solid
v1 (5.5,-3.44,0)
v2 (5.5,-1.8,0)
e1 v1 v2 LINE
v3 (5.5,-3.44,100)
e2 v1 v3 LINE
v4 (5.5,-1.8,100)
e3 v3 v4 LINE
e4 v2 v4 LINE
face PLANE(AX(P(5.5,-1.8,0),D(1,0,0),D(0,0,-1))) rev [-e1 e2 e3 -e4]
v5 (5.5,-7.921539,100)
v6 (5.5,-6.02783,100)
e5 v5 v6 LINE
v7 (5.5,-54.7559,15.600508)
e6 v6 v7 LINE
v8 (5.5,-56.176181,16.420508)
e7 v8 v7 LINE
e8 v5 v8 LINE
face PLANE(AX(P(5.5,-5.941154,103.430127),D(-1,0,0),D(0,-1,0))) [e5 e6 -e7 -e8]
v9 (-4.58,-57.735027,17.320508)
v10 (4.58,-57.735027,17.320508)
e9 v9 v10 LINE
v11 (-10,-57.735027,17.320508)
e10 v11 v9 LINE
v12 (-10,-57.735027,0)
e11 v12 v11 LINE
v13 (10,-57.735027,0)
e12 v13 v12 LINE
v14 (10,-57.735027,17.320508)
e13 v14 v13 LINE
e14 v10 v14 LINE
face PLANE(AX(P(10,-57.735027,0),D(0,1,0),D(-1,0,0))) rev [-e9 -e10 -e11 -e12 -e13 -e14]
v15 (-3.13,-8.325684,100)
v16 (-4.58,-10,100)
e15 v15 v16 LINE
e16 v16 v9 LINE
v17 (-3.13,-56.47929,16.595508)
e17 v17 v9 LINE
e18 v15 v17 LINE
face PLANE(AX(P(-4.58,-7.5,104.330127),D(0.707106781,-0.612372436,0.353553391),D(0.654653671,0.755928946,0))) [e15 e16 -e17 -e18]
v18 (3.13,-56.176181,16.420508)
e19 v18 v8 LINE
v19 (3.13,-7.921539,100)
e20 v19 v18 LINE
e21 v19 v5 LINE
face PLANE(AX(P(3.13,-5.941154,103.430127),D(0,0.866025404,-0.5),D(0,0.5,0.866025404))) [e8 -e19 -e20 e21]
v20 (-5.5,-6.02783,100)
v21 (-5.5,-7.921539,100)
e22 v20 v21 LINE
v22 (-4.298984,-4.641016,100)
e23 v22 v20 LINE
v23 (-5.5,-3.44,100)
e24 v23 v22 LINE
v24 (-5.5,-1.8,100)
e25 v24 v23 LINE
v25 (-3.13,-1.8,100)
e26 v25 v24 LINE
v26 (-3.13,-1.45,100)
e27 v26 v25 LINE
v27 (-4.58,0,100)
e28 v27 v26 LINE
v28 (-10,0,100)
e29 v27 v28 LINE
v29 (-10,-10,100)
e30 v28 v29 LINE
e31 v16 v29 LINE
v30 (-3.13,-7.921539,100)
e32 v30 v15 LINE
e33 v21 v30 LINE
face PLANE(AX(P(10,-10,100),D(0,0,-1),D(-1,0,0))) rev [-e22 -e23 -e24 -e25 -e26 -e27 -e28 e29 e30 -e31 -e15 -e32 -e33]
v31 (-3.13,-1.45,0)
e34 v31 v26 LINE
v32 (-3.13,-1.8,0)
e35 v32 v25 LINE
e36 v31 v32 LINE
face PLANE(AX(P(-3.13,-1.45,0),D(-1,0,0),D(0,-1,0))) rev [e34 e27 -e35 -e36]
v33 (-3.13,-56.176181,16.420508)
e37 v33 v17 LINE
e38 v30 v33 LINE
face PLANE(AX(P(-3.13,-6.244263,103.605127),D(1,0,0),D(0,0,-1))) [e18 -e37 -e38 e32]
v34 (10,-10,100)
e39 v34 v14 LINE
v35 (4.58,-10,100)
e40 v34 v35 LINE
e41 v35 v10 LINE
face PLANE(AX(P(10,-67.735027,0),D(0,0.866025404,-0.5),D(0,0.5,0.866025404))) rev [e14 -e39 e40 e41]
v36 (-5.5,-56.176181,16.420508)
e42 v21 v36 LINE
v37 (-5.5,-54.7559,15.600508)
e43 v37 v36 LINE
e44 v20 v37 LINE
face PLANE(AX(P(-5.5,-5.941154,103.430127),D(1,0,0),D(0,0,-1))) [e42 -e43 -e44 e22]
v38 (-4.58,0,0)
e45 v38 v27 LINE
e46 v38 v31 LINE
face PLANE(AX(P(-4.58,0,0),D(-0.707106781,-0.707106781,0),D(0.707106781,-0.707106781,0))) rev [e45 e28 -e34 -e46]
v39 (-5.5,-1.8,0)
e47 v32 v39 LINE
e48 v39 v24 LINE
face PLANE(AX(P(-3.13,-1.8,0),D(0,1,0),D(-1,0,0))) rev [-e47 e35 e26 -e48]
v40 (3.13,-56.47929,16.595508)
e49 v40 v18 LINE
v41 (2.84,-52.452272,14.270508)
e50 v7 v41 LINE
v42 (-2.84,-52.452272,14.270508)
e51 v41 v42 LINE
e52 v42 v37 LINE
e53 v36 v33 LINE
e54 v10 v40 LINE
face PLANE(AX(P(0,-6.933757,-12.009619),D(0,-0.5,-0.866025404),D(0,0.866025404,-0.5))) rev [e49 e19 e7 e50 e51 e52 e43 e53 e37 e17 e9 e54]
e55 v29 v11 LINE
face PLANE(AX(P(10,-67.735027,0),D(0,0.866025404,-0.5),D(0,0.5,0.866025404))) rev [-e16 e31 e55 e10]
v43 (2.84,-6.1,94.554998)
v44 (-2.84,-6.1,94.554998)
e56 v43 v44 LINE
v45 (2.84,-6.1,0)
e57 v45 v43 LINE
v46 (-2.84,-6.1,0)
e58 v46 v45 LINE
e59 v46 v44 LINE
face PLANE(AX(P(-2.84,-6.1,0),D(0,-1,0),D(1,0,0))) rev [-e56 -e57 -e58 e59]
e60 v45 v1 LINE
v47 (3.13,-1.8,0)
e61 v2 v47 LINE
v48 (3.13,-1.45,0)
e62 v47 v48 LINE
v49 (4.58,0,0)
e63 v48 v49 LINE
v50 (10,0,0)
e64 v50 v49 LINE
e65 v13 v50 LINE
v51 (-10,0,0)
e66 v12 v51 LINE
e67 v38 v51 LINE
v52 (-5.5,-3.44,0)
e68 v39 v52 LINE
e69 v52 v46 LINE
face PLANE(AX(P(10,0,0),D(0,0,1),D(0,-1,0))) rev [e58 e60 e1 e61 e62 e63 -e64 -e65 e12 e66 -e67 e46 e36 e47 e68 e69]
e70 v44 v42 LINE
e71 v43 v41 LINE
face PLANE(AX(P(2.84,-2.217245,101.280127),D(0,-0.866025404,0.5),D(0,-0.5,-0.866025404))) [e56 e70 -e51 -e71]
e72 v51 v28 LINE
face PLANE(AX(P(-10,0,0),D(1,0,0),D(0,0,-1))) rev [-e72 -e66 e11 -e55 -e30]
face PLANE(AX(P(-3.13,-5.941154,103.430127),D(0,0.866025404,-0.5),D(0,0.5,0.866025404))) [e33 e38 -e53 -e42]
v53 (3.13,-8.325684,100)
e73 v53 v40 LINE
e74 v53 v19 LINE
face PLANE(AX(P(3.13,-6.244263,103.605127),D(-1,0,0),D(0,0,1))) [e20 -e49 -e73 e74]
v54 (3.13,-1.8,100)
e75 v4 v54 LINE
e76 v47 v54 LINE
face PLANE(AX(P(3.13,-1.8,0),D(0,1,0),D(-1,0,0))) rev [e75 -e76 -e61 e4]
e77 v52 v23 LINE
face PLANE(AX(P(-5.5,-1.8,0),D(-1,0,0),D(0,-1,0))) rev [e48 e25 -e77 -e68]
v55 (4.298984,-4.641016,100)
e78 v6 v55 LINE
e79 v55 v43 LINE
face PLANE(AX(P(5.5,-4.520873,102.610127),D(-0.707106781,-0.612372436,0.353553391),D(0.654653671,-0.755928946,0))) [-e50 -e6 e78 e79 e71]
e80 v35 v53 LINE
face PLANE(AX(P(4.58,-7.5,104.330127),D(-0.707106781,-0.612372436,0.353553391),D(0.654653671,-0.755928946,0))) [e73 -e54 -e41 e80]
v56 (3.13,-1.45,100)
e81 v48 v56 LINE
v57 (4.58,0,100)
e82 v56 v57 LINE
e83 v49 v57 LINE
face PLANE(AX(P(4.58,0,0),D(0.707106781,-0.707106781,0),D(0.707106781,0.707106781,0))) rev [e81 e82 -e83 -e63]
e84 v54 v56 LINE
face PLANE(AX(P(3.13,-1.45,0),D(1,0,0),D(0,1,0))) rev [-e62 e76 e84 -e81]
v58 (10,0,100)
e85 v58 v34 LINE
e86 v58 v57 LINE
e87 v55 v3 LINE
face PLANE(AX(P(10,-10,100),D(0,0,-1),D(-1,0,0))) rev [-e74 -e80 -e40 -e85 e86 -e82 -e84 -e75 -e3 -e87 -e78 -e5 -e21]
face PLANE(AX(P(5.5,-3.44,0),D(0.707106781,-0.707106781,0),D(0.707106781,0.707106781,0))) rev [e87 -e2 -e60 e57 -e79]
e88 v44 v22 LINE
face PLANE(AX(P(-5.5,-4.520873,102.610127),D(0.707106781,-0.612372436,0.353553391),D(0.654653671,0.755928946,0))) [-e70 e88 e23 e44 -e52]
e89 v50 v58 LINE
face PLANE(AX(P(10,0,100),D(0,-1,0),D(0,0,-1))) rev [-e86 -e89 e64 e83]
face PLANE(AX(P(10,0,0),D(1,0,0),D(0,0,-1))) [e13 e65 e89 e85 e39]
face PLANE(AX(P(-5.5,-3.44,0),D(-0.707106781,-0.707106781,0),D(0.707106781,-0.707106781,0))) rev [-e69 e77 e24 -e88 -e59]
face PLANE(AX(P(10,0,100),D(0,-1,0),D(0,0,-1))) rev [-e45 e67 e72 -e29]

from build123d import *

# Parameters (mm, degrees)
PROFILE_START                   = -10
PROFILE_EXTRUDE_DEPTH           = 20
TOP_T_NUT_SLOT_CUT_DEPTH        = 122.194199002
FRONT_EDGE_CHAMFER_SIZE         = 10
FRONT_EDGE_CHAMFER_SIZE2        = 20
FRONT_T_NUT_SLOT_CUT_DEPTH      = 127.560696268
FRONT_T_NUT_SLOT_CUT_DEPTH_BACK = 95.470054


with BuildPart() as part:
    # Profile Sketch → Profile Extrude (new body)
    with BuildSketch(Plane(origin=(0, -25.324194998, 100.875319125), x_dir=(0, 1, 0), z_dir=(1, 0, 0)).offset(PROFILE_START)):
        Polygon((-42.410831921, -100.875319125), (15.324194998, -0.875319125), (25.324194998, -0.875319125), (25.324194998, -100.875319125), align=None)
    extrude(amount=PROFILE_EXTRUDE_DEPTH)

    # Top T-Nut Slot Sketch → Top T-Nut Slot Cut (cut, through all)
    with BuildSketch(Plane.XY.offset(100)):
        Polygon((-4.58, 0), (-3.13, -1.45), (-3.13, -1.8), (-5.5, -1.8), (-5.5, -3.44), (-2.84, -6.1), (2.84, -6.1), (5.5, -3.44), (5.5, -1.8), (3.13, -1.8), (3.13, -1.45), (4.58, 0), align=None)
    extrude(amount=-TOP_T_NUT_SLOT_CUT_DEPTH, mode=Mode.SUBTRACT)

    # Front Edge Chamfer
    front_edge_chamfer_edges = [part.edges().sort_by_distance(p)[0] for p in [
        (0, -67.735026919, 0),
    ]]
    front_edge_chamfer_side = [part.faces().sort_by_distance(p)[0] for p in [
        (0, -35.138756164, 0),
    ]]
    chamfer(front_edge_chamfer_edges, length=FRONT_EDGE_CHAMFER_SIZE, length2=FRONT_EDGE_CHAMFER_SIZE2, reference=front_edge_chamfer_side[0])

    # Front T-Nut Slot Sketch → Front T-Nut Slot Cut (cut, two sides: drawn at the far end of the back side and taken through both)
    with BuildSketch(Plane(origin=(20, 44.249147411, 68.679240139), x_dir=(-1, 0, 0), z_dir=(0, 0.5000000000000038, 0.8660254037844364)).offset(-FRONT_T_NUT_SLOT_CUT_DEPTH_BACK)):
        Polygon((15.42, 62.641519722), (16.87, 61.191519722), (16.87, 60.841519722), (14.5, 60.841519722), (14.5, 59.201519722), (17.16, 56.541519722), (22.84, 56.541519722), (25.5, 59.201519722), (25.5, 60.841519722), (23.13, 60.841519722), (23.13, 61.191519722), (24.58, 62.641519722), align=None)
    extrude(amount=FRONT_T_NUT_SLOT_CUT_DEPTH + FRONT_T_NUT_SLOT_CUT_DEPTH_BACK, mode=Mode.SUBTRACT)


solid = part.part
